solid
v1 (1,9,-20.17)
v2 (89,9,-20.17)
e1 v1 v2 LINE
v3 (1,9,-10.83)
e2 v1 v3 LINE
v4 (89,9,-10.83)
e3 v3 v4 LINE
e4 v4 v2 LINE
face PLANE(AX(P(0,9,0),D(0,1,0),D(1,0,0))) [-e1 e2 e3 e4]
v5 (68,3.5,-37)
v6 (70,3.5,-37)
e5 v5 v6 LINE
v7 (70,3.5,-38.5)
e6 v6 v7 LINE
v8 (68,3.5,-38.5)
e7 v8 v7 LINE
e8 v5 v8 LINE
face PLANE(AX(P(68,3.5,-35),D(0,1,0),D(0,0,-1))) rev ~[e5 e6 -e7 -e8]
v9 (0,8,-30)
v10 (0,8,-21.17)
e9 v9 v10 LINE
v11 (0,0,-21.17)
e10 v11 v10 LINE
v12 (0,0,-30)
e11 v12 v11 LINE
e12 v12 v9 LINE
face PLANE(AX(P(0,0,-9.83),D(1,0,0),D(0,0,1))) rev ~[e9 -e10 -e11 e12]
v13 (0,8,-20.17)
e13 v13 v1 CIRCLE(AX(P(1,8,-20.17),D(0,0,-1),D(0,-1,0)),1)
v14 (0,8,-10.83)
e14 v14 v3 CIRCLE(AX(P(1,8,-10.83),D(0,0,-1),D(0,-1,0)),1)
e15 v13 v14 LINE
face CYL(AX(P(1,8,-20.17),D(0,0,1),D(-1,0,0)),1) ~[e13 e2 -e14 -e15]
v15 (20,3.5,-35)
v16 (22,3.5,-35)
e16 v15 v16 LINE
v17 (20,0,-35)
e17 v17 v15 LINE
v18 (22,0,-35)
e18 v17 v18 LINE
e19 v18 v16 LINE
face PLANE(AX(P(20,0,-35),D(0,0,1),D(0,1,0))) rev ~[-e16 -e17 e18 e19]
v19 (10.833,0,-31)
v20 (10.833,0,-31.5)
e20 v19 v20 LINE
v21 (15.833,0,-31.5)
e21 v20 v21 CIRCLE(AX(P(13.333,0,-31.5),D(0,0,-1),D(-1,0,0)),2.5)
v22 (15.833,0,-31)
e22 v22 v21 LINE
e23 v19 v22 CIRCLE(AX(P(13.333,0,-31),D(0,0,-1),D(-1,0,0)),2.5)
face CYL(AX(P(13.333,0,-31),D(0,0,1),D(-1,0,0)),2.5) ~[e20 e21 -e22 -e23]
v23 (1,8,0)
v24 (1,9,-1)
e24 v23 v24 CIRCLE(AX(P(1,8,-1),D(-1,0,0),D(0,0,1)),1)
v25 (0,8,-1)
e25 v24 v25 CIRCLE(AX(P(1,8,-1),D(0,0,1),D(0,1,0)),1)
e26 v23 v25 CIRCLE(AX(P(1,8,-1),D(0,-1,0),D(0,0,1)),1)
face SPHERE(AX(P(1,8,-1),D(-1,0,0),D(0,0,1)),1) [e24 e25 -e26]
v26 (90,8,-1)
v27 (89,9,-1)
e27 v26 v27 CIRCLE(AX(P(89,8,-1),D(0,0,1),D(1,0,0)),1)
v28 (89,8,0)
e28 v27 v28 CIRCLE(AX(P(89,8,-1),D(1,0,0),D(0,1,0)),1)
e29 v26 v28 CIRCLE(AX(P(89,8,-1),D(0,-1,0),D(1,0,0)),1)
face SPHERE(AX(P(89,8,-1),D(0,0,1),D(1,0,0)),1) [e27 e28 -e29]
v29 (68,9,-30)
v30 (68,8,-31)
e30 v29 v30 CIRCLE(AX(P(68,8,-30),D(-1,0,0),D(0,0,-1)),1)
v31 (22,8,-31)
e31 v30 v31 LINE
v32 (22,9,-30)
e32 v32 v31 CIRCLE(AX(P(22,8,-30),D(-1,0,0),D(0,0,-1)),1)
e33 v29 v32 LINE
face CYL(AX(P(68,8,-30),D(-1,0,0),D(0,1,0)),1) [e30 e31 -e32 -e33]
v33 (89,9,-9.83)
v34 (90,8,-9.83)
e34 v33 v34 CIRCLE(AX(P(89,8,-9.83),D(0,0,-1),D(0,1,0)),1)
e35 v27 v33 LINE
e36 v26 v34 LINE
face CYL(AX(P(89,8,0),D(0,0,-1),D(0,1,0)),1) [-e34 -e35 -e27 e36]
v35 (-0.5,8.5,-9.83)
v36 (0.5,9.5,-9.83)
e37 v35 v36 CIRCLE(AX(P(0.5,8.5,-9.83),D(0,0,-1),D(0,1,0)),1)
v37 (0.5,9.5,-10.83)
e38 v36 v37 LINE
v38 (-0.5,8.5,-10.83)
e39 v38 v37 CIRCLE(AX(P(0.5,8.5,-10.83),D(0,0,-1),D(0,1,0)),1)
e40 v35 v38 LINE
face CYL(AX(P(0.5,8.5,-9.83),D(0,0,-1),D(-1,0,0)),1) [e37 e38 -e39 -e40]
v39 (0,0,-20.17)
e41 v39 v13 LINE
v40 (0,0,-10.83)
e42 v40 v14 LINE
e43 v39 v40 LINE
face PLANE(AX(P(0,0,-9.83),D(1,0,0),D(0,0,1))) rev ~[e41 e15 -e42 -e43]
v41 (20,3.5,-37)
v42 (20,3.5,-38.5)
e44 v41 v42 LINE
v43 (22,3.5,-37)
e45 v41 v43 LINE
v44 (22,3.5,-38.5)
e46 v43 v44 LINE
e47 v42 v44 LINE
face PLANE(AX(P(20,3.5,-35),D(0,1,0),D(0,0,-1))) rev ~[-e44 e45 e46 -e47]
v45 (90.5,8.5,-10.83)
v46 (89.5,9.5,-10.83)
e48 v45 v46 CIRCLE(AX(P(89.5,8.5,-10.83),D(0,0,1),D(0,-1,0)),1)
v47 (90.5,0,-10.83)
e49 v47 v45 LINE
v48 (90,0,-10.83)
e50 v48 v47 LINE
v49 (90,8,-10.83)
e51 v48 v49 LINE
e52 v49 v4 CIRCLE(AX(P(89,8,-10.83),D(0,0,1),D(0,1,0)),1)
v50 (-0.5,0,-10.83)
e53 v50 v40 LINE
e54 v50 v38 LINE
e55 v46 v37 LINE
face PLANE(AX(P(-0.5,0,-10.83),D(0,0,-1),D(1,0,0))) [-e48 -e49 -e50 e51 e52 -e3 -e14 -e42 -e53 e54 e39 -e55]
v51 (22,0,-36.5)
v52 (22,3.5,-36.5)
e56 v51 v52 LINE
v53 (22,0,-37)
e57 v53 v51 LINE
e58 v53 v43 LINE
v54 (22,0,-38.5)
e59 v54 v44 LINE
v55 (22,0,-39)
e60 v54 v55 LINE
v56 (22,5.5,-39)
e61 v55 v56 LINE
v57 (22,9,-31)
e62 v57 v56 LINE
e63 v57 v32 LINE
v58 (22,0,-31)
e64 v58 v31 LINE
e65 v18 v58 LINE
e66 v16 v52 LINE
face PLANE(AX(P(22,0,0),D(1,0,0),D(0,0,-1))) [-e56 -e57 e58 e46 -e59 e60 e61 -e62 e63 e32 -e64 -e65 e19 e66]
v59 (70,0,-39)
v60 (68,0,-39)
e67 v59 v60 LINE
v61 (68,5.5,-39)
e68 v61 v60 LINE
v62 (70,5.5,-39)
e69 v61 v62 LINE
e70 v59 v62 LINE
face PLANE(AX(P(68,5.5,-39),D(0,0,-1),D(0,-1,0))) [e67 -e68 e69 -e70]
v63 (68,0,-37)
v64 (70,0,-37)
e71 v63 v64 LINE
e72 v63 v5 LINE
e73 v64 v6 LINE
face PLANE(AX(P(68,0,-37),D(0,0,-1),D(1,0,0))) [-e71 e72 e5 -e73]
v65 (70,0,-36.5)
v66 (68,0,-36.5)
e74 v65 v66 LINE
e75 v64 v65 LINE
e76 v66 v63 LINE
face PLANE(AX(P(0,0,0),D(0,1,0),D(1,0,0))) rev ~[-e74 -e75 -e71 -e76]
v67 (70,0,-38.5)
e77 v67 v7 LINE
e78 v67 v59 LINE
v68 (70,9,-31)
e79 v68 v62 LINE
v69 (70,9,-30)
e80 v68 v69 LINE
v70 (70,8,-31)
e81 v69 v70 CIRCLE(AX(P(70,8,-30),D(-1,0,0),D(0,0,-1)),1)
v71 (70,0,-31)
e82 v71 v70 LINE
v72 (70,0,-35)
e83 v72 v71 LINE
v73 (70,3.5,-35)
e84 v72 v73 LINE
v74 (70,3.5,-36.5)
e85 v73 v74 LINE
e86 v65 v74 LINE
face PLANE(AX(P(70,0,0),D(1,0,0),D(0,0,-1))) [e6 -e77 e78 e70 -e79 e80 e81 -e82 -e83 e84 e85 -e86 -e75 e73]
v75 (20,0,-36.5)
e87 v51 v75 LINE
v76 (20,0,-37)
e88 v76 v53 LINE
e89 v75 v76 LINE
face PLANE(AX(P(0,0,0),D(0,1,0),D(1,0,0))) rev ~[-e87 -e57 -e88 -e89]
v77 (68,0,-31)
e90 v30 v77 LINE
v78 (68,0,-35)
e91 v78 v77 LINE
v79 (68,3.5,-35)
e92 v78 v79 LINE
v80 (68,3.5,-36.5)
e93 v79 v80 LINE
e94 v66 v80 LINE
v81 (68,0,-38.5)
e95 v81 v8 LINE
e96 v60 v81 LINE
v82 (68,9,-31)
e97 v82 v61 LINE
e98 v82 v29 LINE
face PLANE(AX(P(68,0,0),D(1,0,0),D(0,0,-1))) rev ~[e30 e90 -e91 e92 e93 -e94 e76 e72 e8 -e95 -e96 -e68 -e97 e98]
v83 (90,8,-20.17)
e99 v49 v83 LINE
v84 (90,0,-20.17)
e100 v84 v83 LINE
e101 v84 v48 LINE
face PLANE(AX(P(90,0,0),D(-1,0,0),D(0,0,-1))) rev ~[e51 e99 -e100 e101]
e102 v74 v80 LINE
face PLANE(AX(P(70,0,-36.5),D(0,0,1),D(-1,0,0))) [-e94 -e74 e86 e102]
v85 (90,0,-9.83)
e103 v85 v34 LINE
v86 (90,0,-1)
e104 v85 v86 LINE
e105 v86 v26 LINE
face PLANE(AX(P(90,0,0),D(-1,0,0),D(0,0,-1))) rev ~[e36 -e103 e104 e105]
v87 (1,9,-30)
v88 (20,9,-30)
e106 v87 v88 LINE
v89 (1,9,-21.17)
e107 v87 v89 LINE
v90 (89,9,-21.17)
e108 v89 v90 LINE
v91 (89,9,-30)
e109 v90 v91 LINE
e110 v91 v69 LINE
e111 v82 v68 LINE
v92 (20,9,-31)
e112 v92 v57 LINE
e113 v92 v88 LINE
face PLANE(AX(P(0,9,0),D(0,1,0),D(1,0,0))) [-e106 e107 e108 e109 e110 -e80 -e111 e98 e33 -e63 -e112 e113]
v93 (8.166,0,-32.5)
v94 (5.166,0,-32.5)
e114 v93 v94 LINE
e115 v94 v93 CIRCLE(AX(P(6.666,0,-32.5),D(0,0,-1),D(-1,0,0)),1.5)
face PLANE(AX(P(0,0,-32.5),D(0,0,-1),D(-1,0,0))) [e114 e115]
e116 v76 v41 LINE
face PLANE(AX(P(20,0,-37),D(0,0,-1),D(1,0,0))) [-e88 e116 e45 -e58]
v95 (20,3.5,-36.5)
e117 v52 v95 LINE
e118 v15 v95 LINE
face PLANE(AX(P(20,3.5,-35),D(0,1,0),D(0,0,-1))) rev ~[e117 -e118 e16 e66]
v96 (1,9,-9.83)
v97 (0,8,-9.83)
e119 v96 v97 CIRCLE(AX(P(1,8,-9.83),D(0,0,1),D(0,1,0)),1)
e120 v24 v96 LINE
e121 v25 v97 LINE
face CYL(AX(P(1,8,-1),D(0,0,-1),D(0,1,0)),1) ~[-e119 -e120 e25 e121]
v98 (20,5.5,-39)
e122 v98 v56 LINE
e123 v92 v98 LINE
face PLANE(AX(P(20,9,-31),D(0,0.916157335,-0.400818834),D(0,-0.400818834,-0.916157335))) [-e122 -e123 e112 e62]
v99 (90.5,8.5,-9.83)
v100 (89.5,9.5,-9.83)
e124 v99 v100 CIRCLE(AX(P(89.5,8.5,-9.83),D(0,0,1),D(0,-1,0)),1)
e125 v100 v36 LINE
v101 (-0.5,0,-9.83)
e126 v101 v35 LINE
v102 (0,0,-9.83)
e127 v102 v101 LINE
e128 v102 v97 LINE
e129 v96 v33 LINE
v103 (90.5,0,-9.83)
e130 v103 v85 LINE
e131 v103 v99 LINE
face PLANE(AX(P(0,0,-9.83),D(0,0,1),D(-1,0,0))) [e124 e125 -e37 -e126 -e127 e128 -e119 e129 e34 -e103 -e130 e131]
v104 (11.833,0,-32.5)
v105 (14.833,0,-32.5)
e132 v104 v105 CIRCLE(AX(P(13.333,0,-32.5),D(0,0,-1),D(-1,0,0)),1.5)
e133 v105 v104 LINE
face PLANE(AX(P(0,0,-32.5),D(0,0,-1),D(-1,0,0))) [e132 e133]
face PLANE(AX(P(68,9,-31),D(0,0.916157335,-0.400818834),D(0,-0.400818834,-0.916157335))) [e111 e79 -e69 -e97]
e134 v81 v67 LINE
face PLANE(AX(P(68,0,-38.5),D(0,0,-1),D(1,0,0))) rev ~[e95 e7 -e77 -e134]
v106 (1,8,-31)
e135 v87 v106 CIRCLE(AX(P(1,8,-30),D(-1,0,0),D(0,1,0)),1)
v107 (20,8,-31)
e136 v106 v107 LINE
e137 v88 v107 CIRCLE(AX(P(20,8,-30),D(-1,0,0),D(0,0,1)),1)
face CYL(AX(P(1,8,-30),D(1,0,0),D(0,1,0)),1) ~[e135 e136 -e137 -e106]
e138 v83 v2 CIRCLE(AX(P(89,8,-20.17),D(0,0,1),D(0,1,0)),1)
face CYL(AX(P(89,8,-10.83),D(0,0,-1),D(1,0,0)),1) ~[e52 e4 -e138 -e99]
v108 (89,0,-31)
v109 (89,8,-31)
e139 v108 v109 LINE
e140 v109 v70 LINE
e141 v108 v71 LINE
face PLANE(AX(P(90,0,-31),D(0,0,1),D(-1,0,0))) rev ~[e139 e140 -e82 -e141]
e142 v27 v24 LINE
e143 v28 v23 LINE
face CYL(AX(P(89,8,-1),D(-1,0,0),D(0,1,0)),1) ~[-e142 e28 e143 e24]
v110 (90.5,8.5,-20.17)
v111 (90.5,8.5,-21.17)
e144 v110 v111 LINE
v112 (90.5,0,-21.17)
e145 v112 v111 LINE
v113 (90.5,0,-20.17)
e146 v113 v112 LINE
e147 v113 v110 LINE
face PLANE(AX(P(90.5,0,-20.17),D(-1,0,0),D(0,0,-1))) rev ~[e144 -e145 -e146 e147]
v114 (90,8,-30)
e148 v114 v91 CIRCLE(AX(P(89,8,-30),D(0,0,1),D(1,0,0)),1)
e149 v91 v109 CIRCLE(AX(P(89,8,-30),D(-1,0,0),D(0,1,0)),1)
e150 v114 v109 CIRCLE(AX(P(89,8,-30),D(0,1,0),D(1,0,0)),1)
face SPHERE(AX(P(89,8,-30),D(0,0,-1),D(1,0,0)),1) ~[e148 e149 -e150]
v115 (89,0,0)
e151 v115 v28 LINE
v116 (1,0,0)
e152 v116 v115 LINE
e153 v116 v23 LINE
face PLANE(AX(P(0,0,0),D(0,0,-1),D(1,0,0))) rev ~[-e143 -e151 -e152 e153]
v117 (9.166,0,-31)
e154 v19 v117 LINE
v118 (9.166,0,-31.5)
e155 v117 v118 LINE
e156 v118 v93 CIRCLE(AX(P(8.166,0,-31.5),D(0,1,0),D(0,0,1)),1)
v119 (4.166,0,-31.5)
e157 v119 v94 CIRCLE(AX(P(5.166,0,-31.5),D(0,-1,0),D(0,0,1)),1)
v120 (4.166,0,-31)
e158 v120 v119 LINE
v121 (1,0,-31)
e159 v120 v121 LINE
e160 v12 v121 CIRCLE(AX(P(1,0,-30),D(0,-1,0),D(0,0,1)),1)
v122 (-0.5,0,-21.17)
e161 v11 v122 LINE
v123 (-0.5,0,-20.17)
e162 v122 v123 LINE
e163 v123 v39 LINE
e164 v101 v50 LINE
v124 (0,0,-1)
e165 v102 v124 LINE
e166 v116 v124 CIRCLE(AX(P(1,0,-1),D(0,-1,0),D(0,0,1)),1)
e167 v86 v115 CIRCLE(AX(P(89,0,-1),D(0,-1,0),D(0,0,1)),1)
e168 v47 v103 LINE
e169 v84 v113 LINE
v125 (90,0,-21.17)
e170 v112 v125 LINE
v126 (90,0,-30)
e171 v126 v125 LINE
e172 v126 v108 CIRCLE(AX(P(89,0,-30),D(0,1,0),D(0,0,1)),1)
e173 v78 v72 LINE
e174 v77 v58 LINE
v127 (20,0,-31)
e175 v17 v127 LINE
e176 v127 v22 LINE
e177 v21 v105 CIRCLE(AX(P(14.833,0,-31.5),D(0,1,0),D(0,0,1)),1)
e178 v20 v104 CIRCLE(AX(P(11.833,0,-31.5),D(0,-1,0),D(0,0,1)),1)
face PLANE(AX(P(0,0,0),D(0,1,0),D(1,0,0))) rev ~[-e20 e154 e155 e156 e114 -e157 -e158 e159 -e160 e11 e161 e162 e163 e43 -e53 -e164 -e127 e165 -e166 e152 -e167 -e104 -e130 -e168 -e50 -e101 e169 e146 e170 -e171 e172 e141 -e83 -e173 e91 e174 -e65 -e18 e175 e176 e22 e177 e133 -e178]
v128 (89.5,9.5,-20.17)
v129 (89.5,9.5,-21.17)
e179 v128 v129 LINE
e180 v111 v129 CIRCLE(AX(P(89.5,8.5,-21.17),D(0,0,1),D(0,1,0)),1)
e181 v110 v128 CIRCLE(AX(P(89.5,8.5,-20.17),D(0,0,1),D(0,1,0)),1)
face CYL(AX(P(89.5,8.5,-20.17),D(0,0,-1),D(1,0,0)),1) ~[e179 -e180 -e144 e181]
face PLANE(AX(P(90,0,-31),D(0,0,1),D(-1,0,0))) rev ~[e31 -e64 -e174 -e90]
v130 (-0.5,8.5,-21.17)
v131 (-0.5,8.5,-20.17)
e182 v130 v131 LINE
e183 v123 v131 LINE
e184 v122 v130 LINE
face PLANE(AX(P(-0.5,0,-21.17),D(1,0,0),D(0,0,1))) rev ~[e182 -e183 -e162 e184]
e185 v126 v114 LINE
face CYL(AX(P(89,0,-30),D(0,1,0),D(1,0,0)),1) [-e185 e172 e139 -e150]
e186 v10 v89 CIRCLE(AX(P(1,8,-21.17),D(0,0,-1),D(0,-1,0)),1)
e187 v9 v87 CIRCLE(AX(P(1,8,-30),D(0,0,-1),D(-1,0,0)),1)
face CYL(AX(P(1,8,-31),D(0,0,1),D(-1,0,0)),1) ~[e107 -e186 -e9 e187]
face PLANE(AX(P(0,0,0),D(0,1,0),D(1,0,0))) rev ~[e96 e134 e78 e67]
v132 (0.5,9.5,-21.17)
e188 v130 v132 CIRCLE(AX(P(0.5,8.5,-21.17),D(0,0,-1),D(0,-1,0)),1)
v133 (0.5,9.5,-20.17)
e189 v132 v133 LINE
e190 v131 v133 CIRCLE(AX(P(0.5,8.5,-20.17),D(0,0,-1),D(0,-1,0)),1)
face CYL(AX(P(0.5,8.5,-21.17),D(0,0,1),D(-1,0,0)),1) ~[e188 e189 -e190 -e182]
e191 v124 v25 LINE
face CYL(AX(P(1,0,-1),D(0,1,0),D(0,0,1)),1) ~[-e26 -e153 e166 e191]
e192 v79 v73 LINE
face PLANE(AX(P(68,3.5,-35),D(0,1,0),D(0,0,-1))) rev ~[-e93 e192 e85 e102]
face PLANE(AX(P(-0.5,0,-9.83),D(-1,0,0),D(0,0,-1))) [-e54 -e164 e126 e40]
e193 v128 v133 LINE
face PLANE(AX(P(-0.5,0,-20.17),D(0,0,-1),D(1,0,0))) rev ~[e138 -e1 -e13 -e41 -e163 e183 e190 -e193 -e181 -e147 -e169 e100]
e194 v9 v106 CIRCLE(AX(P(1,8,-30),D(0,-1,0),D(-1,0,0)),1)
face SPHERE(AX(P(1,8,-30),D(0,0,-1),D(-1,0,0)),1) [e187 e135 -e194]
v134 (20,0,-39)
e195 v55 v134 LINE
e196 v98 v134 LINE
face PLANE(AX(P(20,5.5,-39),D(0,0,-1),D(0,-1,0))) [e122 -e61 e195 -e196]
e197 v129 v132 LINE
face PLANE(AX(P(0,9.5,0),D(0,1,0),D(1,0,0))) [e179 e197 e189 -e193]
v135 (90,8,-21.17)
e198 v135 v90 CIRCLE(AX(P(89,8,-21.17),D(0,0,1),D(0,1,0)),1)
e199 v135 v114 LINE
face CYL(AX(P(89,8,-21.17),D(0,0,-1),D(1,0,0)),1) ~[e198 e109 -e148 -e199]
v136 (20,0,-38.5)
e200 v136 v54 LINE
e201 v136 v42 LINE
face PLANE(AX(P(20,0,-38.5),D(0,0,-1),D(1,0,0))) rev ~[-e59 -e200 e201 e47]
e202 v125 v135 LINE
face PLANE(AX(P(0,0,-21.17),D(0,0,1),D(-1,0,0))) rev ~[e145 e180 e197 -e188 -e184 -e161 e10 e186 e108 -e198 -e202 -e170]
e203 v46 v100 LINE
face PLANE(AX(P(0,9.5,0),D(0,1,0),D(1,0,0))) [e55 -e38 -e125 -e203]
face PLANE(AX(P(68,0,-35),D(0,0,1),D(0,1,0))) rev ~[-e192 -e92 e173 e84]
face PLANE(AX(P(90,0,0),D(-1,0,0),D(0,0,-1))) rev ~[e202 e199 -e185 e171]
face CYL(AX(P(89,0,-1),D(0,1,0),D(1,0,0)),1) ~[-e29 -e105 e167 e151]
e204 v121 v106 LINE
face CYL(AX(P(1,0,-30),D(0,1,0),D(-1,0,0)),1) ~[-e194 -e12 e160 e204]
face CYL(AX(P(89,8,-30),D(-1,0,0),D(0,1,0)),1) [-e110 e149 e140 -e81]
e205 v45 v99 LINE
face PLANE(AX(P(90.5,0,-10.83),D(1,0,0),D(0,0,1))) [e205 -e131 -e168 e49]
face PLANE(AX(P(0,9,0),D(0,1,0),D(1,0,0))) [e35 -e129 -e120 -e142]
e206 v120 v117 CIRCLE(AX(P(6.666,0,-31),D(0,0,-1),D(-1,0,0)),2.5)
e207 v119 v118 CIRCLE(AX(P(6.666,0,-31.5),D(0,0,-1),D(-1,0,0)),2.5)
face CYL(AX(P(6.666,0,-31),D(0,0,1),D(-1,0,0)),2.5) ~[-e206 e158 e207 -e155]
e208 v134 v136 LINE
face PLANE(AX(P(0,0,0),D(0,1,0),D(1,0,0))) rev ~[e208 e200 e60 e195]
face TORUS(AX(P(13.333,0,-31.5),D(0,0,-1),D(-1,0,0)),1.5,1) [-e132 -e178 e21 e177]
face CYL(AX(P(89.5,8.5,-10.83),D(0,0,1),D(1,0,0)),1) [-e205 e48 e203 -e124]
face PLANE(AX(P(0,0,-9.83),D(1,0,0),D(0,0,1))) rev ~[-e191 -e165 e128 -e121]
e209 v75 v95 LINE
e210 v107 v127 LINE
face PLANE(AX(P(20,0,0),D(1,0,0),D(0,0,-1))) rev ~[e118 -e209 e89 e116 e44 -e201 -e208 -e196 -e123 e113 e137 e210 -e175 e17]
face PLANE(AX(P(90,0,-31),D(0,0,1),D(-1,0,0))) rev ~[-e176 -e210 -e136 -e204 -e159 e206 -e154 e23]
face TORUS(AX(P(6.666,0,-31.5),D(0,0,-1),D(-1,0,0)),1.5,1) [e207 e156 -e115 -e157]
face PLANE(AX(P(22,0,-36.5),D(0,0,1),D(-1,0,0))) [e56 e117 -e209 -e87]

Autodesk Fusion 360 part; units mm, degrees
sketch "Sketch1" plane through (0, 0, 0) normal (0, 1, 0) x (1, 0, 0)
  line L0 (0, 0) -> (90, 0)
  line L1 (90, 0) -> (90, 31)
  line L2 (90, 31) -> (0, 31)
  line L3 (0, 31) -> (0, 0)
  line L4 (-3, 20.67) -> (93, 20.67) construction
  line L5 (-3, 10.33) -> (93, 10.33) construction
  line L6 (0, 21.17) -> (90, 21.17)
  line L7 (0, 20.17) -> (90, 20.17)
  line L8 (0, 9.83) -> (90, 9.83)
  line L9 (0, 10.83) -> (90, 10.83)
  line L10 (90, 20.17) -> (90.5, 20.17)
  line L11 (90.5, 20.17) -> (90.5, 21.17)
  line L12 (90.5, 21.17) -> (90, 21.17)
  line L13 (90, 21.17) -> (90, 20.17)
  line L14 (90, 10.83) -> (90.5, 10.83)
  line L15 (90.5, 10.83) -> (90.5, 9.83)
  line L16 (90.5, 9.83) -> (90, 9.83)
  line L17 (90, 9.83) -> (90, 10.83)
  line L18 (0, 21.17) -> (-0.5, 21.17)
  line L19 (-0.5, 21.17) -> (-0.5, 20.17)
  line L20 (-0.5, 20.17) -> (0, 20.17)
  line L21 (0, 20.17) -> (0, 21.17)
  line L22 (0, 9.83) -> (-0.5, 9.83)
  line L23 (-0.5, 9.83) -> (-0.5, 10.83)
  line L24 (-0.5, 10.83) -> (0, 10.83)
  line L25 (0, 10.83) -> (0, 9.83)
  line L26 (70, 39) -> (68, 39)
  line L27 (68, 39) -> (68, 38.5)
  line L28 (68, 38.5) -> (70, 38.5)
  line L29 (70, 38.5) -> (70, 39)
  line L30 (68, 37) -> (70, 37)
  line L31 (70, 37) -> (70, 36.5)
  line L32 (70, 36.5) -> (68, 36.5)
  line L33 (68, 36.5) -> (68, 37)
  line L34 (20, 37) -> (22, 37)
  line L35 (22, 37) -> (22, 36.5)
  line L36 (22, 36.5) -> (20, 36.5)
  line L37 (20, 36.5) -> (20, 37)
  line L38 (20, 38.5) -> (22, 38.5)
  line L39 (22, 38.5) -> (22, 39)
  line L40 (22, 39) -> (20, 39)
  line L41 (20, 39) -> (20, 38.5)
  dimension "d1" = 90
  dimension "d2" = 31
  dimension "d3" = 10.33
  dimension "d4" = 10.33
  dimension "d5" = 0.5
  dimension "d6" = 0.5
  dimension "d7" = 0.5
  dimension "d8" = 0.5
  dimension "d9" = 0.5
  dimension "d10" = 0.5
  dimension "d11" = 0.5
  dimension "d12" = 0.5
  dimension "d84" = 0.5
  dimension "d86" = 8
  dimension "d88" = 2
  dimension "d89" = 0.5
  dimension "d90" = 0.5
  dimension "d91" = 20
  dimension "d92" = 20
  dimension "d93" = 20
  dimension "d94" = 0.5
  dimension "d95" = 8
  dimension "d96" = 6
  dimension "d97" = 6
extrude "Extrude1" add sketch "Sketch1" along normal blind 9 contours L1 L2 L3 L6 makes body 1
extrude "Extrude2" add sketch "Sketch1" along normal blind 9 separate body contours L1 L3 L7 L9 makes body 2
extrude "Extrude3" add sketch "Sketch1" along normal blind 9 separate body contours L0 L1 L3 L8 makes body 3
extrude "Extrude4" add sketch "Sketch1" along normal blind 9.5 contours L1 L3 L6 L7 L13 L21 bodies 1 2
extrude "Extrude5" add sketch "Sketch1" along normal blind 9.5 contours L1 L3 L8 L9 L17 L25 bodies 1 3
extrude "Extrude6" add sketch "Sketch1" along normal blind 9.5 contours L1 L10 L11 L12 L13 bodies 1
extrude "Extrude7" add sketch "Sketch1" along normal blind 9.5 contours L1 L14 L15 L16 L17 bodies 1
extrude "Extrude8" add sketch "Sketch1" along normal blind 9.5 contours L3 L18 L19 L20 L21 bodies 1
extrude "Extrude9" add sketch "Sketch1" along normal blind 9.5 contours L3 L22 L23 L24 L25 bodies 1
sketch "Sketch2" plane through (0, 0, 0) normal (1, 0, 0) x (0, 0, -1)
  line L0 (39, 0) -> (31, 0)
  line L1 (31, 0) -> (31, 5.5)
  line L2 (31, 5.5) -> (39, 5.5)
  line L3 (39, 5.5) -> (39, 0)
  line L4 (31, 9) -> (39, 5.5)
  line L5 (31, 9) -> (31, 5.5)
  line L6 (39, 0) -> (35, 0)
  line L7 (35, 0) -> (35, 3.5)
  line L8 (35, 3.5) -> (39, 3.5)
  line L9 (39, 3.5) -> (39, 0)
  point P0 (31, 0)
  dimension "d33" = 8
  dimension "d34" = 8
  dimension "d35" = 5.5
  dimension "d36" = 3.5
  dimension "d37" = 4
extrude "Extrude10" add sketch "Sketch2" along normal blind 2 from surface at 68 contours L0 L1 L2 L3 L7 L8 | L2 L4 L5 bodies 1
extrude "Extrude11" add sketch "Sketch2" along normal blind 2 from surface at 20 contours L0 L1 L2 L3 L7 L8 | L2 L4 L5 bodies 1
fillet "Fillet1" radius 1 1 edges at (90, 9, -4.915) on bodies 1
fillet "Fillet2" radius 1 1 edges at (90, 9, -15.5) on bodies 1
fillet "Fillet3" radius 1 1 edges at (90, 9, -26.085) on bodies 1
fillet "Fillet4" radius 1 3 edges at (90, 4, -31) (89.7071, 8.7071, -31) (79.5, 9, -31) on bodies 1
fillet "Fillet5" radius 1 3 edges at (90, 4, 0) (89.7071, 8.7071, 0) (44.5, 9, 0) on bodies 1
fillet "Fillet6" radius 1 3 edges at (0, 4, 0) (0, 8.7071, -0.2929) (0, 9, -5.415) on bodies 1
fillet "Fillet7" radius 1 1 edges at (0, 9, -15.5) on bodies 1
fillet "Fillet8" radius 1 1 edges at (0, 9, -26.085) on bodies 1
fillet "Fillet9" radius 1 3 edges at (0, 4, -31) (0.2929, 8.7071, -31) (10.5, 9, -31) on bodies 1
fillet "Fillet10" radius 1 1 edges at (45, 9, -31) on bodies 1
sketch "Sketch3" plane through (0, 0, -31) normal (0, 0, -1) x (-1, 0, 0)
  line L0 (-1, 8) -> (-20, 8)
  line L1 (-20, 8) -> (-20, 0)
  line L2 (-20, 0) -> (-1, 0)
  line L3 (-1, 0) -> (-1, 8)
  line L4 (-6.666, -3) -> (-6.666, 13) construction
  line L5 (-13.333, -2) -> (-13.333, 13) construction
  circle A0 centre (-6.666, 0) radius 2.5
  circle A1 centre (-13.333, 0) radius 2.5
  dimension "d64" = 6.667
  dimension "d65" = 6.667
  dimension "d66" = 5
  dimension "d67" = 5
extrude "Extrude12" add sketch "Sketch3" along normal blind 1.5 contours L2 A0 picked at (-6.0551, 0.5668) bodies 1
extrude "Extrude13" add sketch "Sketch3" along normal blind 1.5 contours L2 A1 picked at (-12.6445, 0.4694) bodies 1
fillet "Fillet11" radius 1 1 edges at (6.666, 2.5, -32.5) on bodies 1
fillet "Fillet12" radius 1 1 edges at (13.333, 2.5, -32.5) on bodies 1
fillet "Fillet13" radius 1 1 edges at (90.5, 9.5, -20.67) on bodies 1
fillet "Fillet14" radius 1 1 edges at (90.5, 9.5, -10.33) on bodies 1
fillet "Fillet15" radius 1 1 edges at (-0.5, 9.5, -20.67) on bodies 1
fillet "Fillet16" radius 1 1 edges at (-0.5, 9.5, -10.33) on bodies 1
extrude "Extrude14" add sketch "Sketch1" along normal blind 3.5 contours L26 L27 L28 L29 | L30 L31 L32 L33 bodies 1
extrude "Extrude15" add sketch "Sketch1" along normal blind 3.5 contours L34 L35 L36 L37 | L38 L39 L40 L41 bodies 1
